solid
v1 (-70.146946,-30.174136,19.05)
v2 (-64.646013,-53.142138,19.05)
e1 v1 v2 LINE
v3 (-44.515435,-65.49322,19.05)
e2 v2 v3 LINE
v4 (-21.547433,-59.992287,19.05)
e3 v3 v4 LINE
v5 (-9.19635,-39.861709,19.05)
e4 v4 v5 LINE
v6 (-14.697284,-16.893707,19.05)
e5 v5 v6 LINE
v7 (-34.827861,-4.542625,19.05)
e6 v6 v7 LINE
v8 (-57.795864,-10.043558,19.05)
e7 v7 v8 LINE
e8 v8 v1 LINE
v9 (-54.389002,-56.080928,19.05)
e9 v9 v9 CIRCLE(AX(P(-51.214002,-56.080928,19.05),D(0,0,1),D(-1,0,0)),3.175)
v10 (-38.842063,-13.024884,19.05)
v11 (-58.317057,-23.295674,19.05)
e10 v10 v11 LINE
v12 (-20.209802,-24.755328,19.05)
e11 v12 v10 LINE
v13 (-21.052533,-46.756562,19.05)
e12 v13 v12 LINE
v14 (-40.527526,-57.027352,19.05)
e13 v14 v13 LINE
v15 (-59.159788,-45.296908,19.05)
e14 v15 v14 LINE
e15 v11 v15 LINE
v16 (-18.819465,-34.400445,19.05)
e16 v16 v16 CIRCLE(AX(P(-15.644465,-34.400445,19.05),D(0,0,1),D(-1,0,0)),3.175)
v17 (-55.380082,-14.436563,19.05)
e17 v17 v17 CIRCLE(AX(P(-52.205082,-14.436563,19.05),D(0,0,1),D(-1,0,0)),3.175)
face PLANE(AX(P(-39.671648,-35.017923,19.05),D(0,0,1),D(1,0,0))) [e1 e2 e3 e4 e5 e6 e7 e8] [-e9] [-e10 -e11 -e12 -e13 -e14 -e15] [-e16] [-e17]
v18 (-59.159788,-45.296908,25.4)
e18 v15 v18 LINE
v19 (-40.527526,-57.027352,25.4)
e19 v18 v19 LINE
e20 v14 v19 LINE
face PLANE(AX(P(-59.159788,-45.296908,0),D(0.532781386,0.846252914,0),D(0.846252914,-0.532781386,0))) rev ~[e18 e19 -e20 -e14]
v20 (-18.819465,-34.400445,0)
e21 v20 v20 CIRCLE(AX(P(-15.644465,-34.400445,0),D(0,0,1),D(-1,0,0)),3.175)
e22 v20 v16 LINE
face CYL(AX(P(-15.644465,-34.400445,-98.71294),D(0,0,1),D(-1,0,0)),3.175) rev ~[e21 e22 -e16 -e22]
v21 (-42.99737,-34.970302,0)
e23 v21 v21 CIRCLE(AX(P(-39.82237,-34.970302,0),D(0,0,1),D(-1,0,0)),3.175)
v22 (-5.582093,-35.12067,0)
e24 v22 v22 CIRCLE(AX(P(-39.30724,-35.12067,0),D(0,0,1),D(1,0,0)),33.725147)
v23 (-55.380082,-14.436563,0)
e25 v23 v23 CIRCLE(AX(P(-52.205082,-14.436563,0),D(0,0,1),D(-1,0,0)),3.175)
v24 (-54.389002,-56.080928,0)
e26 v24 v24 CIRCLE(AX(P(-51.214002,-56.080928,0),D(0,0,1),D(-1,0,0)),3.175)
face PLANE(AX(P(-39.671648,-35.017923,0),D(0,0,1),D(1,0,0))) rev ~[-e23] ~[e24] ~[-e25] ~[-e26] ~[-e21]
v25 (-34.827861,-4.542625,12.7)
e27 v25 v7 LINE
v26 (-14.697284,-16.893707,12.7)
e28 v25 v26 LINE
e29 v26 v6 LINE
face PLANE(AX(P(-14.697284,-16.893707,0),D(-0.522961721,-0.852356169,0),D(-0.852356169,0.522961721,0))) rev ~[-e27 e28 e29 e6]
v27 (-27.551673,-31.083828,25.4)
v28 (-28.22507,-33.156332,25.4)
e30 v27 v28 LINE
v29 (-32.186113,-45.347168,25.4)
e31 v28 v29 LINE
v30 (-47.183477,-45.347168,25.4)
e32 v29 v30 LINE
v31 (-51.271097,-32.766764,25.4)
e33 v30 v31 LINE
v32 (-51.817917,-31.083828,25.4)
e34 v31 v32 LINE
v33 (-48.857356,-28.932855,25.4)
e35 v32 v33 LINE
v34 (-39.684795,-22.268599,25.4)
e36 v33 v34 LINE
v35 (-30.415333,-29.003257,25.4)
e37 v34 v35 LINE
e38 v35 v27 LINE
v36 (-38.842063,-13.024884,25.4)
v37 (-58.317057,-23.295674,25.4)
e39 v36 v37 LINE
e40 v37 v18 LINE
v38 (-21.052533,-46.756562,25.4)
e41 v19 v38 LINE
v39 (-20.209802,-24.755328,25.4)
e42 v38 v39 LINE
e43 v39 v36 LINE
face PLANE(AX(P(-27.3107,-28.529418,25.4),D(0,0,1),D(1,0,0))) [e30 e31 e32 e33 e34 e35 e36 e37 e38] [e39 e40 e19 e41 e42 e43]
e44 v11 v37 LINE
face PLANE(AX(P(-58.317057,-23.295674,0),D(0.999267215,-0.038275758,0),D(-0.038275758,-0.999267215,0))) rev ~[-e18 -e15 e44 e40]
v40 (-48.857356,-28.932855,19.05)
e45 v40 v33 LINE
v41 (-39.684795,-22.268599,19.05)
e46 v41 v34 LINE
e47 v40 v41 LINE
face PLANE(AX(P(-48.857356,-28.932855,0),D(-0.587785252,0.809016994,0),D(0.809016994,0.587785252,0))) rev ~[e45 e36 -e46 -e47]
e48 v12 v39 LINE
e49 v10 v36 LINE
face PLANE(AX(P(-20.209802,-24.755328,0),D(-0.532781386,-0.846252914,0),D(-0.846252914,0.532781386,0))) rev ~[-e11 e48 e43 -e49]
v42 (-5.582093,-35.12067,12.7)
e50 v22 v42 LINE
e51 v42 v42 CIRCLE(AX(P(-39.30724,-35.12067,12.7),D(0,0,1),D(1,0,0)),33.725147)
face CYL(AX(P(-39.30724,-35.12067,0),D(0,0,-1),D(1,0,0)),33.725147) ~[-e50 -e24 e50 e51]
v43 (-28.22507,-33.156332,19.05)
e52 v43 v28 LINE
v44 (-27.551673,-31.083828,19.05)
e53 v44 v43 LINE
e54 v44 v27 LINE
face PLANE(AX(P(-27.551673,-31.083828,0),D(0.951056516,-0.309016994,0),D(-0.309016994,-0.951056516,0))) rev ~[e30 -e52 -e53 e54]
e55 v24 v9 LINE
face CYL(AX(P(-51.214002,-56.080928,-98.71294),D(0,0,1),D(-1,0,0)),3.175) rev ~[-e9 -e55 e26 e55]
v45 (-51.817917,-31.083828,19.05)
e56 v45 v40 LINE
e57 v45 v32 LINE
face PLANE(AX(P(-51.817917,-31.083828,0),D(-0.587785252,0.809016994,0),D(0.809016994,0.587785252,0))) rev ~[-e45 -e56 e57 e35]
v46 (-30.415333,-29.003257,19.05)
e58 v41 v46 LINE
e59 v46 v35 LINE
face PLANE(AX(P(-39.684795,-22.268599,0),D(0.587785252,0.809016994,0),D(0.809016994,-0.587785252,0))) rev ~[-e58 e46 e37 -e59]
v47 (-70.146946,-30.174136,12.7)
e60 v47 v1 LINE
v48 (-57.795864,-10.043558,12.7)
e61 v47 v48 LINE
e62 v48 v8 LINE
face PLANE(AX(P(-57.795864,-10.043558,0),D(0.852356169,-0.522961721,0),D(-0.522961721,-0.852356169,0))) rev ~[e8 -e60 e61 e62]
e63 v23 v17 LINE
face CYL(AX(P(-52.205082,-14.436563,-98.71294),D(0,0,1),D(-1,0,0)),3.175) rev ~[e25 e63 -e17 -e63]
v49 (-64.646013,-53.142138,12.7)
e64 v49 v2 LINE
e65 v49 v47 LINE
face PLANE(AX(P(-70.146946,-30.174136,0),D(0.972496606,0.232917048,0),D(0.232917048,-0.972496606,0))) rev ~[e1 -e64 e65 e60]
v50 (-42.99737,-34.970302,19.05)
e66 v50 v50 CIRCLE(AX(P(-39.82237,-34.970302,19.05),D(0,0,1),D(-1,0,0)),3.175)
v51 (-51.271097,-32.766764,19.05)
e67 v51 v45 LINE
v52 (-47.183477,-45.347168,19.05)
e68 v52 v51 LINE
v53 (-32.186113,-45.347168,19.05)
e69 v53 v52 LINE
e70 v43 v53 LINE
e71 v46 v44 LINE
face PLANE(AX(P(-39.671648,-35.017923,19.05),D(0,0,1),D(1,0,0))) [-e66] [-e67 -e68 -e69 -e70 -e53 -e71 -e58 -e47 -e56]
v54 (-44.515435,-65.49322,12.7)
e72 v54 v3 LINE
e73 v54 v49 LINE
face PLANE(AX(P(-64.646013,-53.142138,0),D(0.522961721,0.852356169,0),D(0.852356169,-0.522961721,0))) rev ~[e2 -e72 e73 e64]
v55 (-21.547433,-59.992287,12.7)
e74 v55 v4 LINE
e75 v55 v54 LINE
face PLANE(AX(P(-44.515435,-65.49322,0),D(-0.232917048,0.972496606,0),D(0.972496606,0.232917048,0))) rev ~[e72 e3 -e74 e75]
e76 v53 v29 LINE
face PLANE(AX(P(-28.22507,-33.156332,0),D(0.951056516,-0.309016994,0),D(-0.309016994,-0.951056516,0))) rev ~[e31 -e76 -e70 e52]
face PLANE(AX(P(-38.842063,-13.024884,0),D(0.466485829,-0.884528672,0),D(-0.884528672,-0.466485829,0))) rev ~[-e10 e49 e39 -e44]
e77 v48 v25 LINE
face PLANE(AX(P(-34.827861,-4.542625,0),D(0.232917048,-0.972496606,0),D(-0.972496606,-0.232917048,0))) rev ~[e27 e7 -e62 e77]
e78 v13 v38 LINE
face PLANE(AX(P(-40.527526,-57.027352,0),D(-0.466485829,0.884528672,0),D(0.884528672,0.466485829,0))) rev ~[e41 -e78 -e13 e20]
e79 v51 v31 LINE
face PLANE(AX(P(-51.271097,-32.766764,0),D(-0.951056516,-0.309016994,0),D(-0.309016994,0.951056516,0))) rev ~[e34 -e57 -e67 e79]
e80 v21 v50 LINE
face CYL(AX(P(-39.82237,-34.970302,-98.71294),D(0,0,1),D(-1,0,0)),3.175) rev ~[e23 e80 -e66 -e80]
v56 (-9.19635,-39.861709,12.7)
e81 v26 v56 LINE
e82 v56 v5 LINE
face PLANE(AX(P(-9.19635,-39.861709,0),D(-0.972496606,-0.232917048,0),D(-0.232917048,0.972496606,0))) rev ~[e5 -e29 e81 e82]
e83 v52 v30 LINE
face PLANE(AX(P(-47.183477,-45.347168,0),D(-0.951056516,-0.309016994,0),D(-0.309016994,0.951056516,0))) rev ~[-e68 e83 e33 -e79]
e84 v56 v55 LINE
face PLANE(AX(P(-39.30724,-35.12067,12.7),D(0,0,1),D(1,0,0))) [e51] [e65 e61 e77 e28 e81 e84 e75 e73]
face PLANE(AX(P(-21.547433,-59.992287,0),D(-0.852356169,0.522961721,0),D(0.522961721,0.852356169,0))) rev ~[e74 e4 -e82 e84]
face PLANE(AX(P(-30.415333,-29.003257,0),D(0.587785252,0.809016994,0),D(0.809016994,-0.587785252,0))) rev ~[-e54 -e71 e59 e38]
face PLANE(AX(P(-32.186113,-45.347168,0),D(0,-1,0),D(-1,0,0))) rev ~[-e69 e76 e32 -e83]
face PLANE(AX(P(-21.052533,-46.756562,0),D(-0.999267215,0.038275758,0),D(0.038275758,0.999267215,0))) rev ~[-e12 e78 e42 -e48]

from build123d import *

# Parameters (mm, degrees)
F0_R       = 33.7251473282
F5_DEPTH   = 12.7
F6_DEPTH   = 25.4
F7_DEPTH   = 19.05
F8_D       = 6.35
F8_ON_F4_D = 6.35


with BuildPart() as f5:
    # F0 (on Top) → F5 (new body)
    with BuildSketch(Plane.XY):
        with Locations((-39.3072403967, -35.1206697524)):
            Circle(F0_R)
    extrude(amount=F5_DEPTH)

    # F1 (on face) → F6 (join)
    with BuildSketch(Plane.XY):
        Polygon((-20.2098016627, -24.7553280585), (-38.8420633972, -13.0248842761), (-30.4153332648, -29.0032569477), (-27.5516730192, -31.0838279019), (-28.2250702608, -33.1563315064), (-21.0525331088, -46.7565619417), align=None)
        Polygon((-30.4153332648, -29.0032569477), (-38.8420633972, -13.0248842761), (-48.8573559288, -28.9328546186), (-39.6847948432, -22.2685988992), align=None)
        Polygon((-48.8573559288, -28.9328546186), (-38.8420633972, -13.0248842761), (-58.3170565776, -23.2956743769), (-59.1597880237, -45.2969082601), (-51.2710974395, -32.7667644367), (-51.8179166672, -31.0838279019), align=None)
        Polygon((-21.0525331088, -46.7565619417), (-28.2250702608, -33.1563315064), (-32.1861131663, -45.3471680467), (-47.1834765201, -45.3471680467), (-51.2710974395, -32.7667644367), (-59.1597880237, -45.2969082601), align=None)
        Polygon((-40.5275262892, -57.0273520425), (-21.0525331088, -46.7565619417), (-59.1597880237, -45.2969082601), align=None)
    extrude(amount=F6_DEPTH)

    # F2 (on Top) → F7 (join)
    with BuildSketch(Plane.XY):
        Polygon((-14.6972839647, -16.8937072017), (-34.8278614766, -4.542624592), (-57.7958636127, -10.0435581916), (-70.1469462224, -30.1741357035), (-64.6460126228, -53.1421378396), (-44.5154351109, -65.4932204493), (-21.5474329747, -59.9922868497), (-9.1963503651, -39.8617093378), align=None)
    extrude(amount=F7_DEPTH)

    # F8 (through all)
    with Locations(Plane(origin=(0, 0, 0), x_dir=(1, 0, 0), z_dir=(0, 0, -1))):
        with Locations((-39.8223698139, 34.9703021348)):
            Hole(F8_D / 2)

    # F8 on F4 (through all)
    with Locations(Plane(origin=(0, 0, 0), x_dir=(1, 0, 0), z_dir=(0, 0, -1))):
        with Locations((-52.2050820291, 14.4365634769), (-51.214001947, 56.08092756), (-15.6444647677, 34.4004449901)):
            Hole(F8_ON_F4_D / 2)


solid = f5.part
